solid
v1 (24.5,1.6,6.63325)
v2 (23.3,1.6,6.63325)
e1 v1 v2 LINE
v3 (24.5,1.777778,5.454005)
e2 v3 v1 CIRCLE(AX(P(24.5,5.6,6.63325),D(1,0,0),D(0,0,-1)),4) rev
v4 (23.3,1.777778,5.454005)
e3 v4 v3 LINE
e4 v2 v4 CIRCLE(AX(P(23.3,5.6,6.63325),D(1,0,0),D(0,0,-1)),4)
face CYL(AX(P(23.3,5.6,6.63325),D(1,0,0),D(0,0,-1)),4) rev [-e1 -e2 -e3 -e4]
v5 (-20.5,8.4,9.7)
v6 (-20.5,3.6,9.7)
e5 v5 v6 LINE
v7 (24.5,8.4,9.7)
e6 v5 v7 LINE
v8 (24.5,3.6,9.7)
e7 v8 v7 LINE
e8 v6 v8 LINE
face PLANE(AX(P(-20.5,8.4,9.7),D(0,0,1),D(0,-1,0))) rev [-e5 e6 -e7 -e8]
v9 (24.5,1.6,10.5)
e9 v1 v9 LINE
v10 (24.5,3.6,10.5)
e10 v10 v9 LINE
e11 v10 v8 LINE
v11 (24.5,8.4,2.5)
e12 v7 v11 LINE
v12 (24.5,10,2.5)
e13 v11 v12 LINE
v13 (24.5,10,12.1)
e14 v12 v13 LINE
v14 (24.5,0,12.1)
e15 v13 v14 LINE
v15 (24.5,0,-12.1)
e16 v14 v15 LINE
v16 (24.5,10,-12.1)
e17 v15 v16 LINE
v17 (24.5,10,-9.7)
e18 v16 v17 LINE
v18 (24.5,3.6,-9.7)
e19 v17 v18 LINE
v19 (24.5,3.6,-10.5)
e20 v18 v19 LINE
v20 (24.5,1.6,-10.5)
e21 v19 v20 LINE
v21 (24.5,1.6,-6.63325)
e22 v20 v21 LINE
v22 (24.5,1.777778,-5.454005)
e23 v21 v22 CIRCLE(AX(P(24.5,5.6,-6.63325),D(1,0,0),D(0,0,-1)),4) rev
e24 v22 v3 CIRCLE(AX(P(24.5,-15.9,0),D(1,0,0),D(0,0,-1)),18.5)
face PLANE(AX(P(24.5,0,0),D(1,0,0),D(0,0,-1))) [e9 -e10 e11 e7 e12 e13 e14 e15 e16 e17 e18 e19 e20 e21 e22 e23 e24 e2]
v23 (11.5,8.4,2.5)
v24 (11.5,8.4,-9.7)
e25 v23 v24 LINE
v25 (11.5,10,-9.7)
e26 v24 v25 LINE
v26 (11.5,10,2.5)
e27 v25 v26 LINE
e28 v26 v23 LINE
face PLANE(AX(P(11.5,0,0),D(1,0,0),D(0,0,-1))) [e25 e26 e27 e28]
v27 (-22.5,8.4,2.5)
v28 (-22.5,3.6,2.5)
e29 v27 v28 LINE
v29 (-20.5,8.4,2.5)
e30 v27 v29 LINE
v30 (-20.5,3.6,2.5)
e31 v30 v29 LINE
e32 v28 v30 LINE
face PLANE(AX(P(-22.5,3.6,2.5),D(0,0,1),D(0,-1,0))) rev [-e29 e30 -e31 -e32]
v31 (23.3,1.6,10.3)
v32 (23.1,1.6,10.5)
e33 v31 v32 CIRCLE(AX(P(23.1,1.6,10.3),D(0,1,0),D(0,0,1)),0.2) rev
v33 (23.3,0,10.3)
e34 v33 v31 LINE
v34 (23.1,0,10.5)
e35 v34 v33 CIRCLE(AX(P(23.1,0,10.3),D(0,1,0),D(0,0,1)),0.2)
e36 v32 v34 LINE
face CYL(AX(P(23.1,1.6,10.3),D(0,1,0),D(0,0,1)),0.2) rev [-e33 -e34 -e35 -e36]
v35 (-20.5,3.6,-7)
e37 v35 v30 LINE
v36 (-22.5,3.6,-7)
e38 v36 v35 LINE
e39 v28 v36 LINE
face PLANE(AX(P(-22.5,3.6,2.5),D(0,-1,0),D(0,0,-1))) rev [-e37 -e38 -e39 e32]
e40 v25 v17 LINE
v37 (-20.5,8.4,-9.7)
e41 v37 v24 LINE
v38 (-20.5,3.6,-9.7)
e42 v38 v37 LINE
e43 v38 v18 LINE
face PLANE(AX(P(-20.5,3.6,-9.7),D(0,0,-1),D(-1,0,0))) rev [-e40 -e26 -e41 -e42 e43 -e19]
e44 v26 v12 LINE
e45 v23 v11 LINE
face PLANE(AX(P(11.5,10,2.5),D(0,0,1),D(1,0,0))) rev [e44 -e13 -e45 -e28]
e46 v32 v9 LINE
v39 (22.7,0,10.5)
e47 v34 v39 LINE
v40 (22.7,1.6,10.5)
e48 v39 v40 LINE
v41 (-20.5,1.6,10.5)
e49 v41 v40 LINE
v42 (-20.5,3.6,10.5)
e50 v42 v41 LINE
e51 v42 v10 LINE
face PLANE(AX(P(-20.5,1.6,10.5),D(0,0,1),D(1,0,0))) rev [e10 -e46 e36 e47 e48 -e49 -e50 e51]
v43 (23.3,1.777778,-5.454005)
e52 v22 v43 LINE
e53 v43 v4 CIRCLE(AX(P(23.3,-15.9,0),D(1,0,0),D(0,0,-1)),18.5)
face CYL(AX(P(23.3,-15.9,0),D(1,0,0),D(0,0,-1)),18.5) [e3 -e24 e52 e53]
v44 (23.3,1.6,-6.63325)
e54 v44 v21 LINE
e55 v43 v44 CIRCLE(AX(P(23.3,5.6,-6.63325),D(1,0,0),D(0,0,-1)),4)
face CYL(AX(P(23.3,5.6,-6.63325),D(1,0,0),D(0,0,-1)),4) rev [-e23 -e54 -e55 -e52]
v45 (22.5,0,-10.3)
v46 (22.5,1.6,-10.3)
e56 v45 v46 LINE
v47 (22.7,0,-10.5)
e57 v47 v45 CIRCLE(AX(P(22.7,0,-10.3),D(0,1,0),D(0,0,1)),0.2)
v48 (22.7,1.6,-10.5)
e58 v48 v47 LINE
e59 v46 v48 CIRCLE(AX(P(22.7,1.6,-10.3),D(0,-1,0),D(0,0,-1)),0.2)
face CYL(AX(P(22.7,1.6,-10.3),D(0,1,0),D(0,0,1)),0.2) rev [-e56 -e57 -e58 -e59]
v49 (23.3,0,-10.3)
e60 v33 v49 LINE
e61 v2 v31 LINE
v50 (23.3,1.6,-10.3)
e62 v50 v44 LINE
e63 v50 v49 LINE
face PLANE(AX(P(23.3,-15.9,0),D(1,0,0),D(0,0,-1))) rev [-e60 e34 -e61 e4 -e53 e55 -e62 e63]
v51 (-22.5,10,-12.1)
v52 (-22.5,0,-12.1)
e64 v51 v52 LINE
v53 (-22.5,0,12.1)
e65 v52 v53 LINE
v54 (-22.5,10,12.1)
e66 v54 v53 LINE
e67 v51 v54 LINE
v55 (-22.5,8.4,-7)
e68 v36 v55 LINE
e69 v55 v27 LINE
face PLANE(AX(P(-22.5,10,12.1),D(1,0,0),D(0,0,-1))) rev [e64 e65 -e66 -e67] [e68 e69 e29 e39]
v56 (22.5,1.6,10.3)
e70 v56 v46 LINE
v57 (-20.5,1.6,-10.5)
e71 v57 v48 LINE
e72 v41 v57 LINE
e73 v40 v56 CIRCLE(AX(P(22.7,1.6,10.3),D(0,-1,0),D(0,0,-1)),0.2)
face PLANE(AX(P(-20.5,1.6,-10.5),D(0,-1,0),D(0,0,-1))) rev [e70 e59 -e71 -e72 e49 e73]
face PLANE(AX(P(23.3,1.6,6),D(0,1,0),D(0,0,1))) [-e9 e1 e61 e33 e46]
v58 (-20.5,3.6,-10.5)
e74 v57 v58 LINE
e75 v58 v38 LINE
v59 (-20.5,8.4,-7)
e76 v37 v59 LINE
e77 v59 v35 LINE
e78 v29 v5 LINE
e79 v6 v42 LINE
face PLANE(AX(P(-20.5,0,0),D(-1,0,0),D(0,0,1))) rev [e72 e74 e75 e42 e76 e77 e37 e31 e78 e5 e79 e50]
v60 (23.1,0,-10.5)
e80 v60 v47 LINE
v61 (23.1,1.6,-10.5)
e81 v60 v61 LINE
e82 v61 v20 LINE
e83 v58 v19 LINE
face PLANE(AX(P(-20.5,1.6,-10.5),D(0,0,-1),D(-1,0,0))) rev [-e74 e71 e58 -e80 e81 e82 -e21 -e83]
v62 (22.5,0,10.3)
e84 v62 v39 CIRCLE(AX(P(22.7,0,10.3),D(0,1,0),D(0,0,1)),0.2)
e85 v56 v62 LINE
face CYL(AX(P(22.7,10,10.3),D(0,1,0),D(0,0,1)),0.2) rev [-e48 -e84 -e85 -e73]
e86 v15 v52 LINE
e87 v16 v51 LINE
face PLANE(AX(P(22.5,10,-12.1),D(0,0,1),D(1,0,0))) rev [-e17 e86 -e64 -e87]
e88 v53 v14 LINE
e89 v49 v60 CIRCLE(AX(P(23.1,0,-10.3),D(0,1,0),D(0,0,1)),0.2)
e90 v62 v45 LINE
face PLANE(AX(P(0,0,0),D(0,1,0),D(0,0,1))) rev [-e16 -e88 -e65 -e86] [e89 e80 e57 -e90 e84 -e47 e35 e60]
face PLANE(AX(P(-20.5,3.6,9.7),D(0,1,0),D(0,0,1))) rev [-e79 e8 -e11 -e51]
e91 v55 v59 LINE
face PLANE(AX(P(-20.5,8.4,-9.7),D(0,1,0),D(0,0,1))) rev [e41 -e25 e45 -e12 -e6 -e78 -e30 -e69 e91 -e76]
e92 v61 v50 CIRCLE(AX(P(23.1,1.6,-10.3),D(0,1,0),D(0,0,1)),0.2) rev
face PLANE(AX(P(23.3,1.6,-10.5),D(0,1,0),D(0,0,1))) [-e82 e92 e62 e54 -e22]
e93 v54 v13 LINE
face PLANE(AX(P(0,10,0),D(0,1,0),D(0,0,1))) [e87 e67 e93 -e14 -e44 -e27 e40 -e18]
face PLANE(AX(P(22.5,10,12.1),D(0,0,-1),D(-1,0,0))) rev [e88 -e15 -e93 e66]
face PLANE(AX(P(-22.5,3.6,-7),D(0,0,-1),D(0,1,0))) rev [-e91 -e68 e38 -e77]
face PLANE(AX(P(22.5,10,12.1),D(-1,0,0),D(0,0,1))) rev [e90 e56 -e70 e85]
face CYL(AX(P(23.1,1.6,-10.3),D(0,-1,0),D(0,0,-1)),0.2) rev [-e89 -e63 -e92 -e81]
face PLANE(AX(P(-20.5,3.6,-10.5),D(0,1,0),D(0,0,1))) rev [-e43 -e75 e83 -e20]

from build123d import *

# Parameters (mm, degrees)
CROQUIS1_W              = 45
CROQUIS1_H              = 24.2
SALIENTE_EXTRUIR1_DEPTH = 10
CORTAR_EXTRUIR2_DEPTH   = 43
CROQUIS4_W              = 9.5
CROQUIS4_H              = 4.8
CORTAR_EXTRUIR3_DEPTH   = 48.659311787
CROQUIS5_W              = 12.2
CROQUIS5_H              = 1.6
CORTAR_EXTRUIR4_DEPTH   = 11
SALIENTE_EXTRUIR2_DEPTH = 2
SALIENTE_EXTRUIR3_DEPTH = 1.2
REDONDEO1_R             = 4
REDONDEO2_R             = 0.2


with BuildPart() as part:
    # Croquis1 → Saliente-Extruir1 (new body)
    with BuildSketch(Plane(origin=(0, 0, 0), x_dir=(1, 0, 0), z_dir=(0, 1, 0))):
        Rectangle(CROQUIS1_W, CROQUIS1_H)
    extrude(amount=SALIENTE_EXTRUIR1_DEPTH)

    # Croquis2 → Cortar-Extruir2 (cut)
    with BuildSketch(Plane(origin=(22.5, 0, 0), x_dir=(0, 0, -1), z_dir=(1, 0, 0))):
        Polygon((10.5, 1.6), (-10.5, 1.6), (-10.5, 3.6), (-9.7, 3.6), (-9.7, 8.4), (9.7, 8.4), (9.7, 3.6), (10.5, 3.6), align=None)
    extrude(amount=-CORTAR_EXTRUIR2_DEPTH, mode=Mode.SUBTRACT)

    # Croquis4 → Cortar-Extruir3 (cut, through all)
    with BuildSketch(Plane(origin=(22.5, 0, 0), x_dir=(0, 0, -1), z_dir=(1, 0, 0))):
        with Locations((2.25, 6)):
            Rectangle(CROQUIS4_W, CROQUIS4_H)
    extrude(amount=-CORTAR_EXTRUIR3_DEPTH, mode=Mode.SUBTRACT)

    # Croquis5 → Cortar-Extruir4 (cut)
    with BuildSketch(Plane(origin=(22.5, 0, 0), x_dir=(0, 0, -1), z_dir=(1, 0, 0))):
        with Locations((3.6, 9.2)):
            Rectangle(CROQUIS5_W, CROQUIS5_H)
    extrude(amount=-CORTAR_EXTRUIR4_DEPTH, mode=Mode.SUBTRACT)

    # Croquis6 → Saliente-Extruir2 (add)
    with BuildSketch(Plane(origin=(22.5, 0, 0), x_dir=(0, 0, -1), z_dir=(1, 0, 0))):
        Polygon((-2.5, 10), (-12.1, 10), (-12.1, 0), (-10.5, 0), (-10.5, 1.6), (-10.5, 3.6), (-9.7, 3.6), (-9.7, 8.4), (-2.5, 8.4), align=None)
        Polygon((12.1, 10), (9.7, 10), (9.7, 3.6), (10.5, 3.6), (10.5, 1.6), (10.5, 0), (12.1, 0), align=None)
    extrude(amount=SALIENTE_EXTRUIR2_DEPTH)

    # Croquis7 → Saliente-Extruir3 (add)
    with BuildSketch(Plane(origin=(24.5, 0, 0), x_dir=(0, 0, -1), z_dir=(1, 0, 0))):
        with BuildLine():
            Line((-10.5, 0), (10.5, 0))
            Line((10.5, 0), (10.5, 1.6))
            Line((10.5, 1.6), (6, 1.6))
            ThreePointArc((6, 1.6), (0, 2.6), (-6, 1.6))
            Line((-6, 1.6), (-10.5, 1.6))
            Line((-10.5, 1.6), (-10.5, 0))
        make_face()
    extrude(amount=-SALIENTE_EXTRUIR3_DEPTH)

    # Redondeo1
    redondeo1_edges = [part.edges().sort_by_distance(p)[0] for p in [
        (23.9, 1.6, 6),
        (23.9, 1.6, -6),
    ]]
    fillet(redondeo1_edges, radius=REDONDEO1_R)

    # Redondeo2
    redondeo2_edges = [part.edges().sort_by_distance(p)[0] for p in [
        (22.5, 0.8, -10.5),
        (23.3, 0.8, 10.5),
        (23.3, 0.8, -10.5),
        (22.5, 0.8, 10.5),
    ]]
    fillet(redondeo2_edges, radius=REDONDEO2_R)


solid = part.part
